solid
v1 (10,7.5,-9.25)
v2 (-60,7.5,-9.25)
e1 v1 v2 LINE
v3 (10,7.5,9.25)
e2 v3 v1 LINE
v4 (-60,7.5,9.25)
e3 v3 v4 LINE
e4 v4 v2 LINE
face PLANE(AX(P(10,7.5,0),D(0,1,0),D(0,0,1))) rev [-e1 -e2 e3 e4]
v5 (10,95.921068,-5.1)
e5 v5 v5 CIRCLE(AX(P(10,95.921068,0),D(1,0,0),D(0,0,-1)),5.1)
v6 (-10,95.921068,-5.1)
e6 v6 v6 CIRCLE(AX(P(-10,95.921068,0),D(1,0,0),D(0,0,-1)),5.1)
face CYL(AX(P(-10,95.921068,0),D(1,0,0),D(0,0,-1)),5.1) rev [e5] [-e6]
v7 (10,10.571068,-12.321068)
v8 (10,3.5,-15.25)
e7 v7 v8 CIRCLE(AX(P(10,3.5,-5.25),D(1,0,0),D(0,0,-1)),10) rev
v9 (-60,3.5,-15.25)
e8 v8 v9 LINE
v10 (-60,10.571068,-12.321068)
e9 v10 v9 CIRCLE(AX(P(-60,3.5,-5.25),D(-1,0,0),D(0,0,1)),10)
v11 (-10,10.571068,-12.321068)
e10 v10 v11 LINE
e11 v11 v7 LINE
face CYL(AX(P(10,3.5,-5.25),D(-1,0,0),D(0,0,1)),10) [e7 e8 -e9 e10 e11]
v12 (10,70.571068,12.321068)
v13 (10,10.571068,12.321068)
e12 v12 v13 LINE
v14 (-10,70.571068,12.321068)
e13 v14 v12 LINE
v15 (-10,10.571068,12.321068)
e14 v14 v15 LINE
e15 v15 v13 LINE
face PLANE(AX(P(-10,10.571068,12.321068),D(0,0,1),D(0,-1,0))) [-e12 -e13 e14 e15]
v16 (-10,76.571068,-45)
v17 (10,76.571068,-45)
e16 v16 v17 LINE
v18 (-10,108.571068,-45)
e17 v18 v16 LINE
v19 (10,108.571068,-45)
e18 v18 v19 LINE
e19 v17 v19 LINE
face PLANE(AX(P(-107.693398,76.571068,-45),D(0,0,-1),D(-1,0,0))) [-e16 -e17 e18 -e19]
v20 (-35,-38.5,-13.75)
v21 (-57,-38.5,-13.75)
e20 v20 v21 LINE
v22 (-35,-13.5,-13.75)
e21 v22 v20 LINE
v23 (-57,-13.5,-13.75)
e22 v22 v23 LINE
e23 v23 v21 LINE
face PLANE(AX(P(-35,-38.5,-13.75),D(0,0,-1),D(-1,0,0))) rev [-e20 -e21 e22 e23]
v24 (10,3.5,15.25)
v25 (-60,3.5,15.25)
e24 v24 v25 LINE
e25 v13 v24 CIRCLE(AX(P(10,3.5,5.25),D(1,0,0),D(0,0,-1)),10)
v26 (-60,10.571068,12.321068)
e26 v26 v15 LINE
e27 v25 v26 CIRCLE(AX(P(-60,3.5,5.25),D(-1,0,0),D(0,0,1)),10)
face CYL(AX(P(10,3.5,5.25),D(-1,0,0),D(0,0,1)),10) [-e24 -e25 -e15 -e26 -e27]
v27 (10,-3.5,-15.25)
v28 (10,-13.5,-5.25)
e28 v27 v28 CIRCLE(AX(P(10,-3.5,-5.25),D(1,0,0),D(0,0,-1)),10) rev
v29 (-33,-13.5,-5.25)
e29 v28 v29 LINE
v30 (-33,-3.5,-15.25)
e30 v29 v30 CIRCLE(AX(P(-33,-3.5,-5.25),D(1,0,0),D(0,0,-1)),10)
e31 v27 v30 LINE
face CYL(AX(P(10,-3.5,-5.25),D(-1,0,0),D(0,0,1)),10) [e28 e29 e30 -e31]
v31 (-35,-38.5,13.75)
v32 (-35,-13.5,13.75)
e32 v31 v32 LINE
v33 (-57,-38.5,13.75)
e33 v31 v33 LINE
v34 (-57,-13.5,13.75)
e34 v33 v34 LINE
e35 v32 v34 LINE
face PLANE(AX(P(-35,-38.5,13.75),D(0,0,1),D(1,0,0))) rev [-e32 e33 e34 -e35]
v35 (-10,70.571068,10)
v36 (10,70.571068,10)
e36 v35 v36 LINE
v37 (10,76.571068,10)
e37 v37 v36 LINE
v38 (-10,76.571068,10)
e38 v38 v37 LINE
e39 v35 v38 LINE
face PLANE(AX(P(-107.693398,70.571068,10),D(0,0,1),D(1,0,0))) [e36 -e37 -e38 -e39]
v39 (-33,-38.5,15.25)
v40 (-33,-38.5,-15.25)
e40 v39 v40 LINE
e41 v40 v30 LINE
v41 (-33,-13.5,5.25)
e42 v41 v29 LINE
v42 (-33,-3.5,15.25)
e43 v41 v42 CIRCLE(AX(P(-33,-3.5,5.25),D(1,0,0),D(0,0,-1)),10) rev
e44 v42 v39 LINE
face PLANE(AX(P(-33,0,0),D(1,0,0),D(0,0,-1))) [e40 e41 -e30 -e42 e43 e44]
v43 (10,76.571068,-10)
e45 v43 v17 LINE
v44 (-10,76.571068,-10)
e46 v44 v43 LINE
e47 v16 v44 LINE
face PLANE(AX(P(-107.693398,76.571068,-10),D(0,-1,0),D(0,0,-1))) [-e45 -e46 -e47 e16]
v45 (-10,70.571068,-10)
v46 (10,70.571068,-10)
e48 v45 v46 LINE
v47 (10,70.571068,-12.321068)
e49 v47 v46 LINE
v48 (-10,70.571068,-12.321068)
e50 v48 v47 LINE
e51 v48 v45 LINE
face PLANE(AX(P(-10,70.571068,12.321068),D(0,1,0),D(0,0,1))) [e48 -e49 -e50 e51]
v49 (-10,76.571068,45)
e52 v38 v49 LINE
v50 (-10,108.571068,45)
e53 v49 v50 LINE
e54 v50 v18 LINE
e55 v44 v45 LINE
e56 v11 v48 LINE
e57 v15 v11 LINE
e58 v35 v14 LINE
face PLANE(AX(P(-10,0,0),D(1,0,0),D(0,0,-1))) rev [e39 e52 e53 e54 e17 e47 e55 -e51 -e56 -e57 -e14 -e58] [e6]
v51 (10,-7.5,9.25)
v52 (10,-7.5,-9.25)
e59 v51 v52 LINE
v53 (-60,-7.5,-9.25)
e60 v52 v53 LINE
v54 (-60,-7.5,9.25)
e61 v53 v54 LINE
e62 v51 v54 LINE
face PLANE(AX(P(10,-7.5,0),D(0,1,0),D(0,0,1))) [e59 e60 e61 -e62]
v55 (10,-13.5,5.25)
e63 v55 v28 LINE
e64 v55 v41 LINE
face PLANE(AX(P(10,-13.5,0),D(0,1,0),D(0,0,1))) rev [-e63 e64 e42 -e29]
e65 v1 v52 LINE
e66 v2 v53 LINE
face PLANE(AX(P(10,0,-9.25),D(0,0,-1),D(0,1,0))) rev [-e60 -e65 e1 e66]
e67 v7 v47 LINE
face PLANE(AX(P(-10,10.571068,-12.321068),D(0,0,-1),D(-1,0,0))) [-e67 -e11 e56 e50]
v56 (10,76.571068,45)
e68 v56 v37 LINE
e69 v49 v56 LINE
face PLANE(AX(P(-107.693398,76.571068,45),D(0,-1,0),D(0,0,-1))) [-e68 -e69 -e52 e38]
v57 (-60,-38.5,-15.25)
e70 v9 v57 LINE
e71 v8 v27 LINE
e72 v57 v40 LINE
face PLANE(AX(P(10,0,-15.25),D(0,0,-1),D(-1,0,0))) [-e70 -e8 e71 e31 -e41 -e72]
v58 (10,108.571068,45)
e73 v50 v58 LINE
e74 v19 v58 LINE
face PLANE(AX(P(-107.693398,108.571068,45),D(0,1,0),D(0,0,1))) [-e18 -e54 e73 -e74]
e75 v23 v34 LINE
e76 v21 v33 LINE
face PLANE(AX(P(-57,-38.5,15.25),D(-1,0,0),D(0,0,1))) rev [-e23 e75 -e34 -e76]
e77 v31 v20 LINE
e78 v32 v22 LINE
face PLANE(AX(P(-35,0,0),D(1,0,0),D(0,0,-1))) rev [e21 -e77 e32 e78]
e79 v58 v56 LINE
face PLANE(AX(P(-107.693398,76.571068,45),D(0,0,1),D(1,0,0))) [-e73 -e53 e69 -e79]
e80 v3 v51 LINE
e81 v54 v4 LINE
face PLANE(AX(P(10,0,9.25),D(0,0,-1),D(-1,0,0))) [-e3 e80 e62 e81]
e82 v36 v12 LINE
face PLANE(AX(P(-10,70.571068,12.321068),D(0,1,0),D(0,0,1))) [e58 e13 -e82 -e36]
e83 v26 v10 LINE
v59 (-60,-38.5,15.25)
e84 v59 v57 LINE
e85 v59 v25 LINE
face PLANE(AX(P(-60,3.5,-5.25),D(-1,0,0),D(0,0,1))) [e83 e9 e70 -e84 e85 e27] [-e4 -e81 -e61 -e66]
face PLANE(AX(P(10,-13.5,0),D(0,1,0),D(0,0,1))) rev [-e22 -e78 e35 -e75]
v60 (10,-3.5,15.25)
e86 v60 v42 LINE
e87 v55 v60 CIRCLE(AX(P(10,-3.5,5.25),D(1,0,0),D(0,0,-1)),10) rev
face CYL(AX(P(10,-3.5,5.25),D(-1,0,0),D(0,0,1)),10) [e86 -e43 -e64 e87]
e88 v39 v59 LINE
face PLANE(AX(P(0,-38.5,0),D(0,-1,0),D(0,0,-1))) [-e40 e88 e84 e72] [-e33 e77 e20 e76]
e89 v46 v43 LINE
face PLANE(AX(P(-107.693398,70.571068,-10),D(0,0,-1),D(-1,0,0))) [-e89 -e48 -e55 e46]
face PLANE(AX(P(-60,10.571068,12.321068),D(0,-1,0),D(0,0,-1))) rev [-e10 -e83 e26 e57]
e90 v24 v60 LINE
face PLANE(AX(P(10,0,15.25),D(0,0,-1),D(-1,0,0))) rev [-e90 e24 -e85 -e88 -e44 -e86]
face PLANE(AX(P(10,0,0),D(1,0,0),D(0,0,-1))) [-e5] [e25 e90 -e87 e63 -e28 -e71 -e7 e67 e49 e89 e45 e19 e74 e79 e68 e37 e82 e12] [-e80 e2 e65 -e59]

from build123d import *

# Parameters (mm, degrees)
SKETCH1_W            = 15
SKETCH1_H            = 18.5
BOSS_EXTRUDE1_DEPTH  = 10
SKETCH3_W            = 60
SKETCH3_H            = 24.642135624
BOSS_EXTRUDE2_DEPTH  = 20
BOSS_EXTRUDE3_DEPTH  = 20
SKETCH5_R            = 5.1
CUT_EXTRUDE1_DEPTH   = 120.21693154
SKETCH6_W            = 15
SKETCH6_H            = 18.5
BOSS_EXTRUDE4_DEPTH  = 50
BOSS_EXTRUDE5_DEPTH  = 25
SKETCH8_W            = 3
SKETCH8_H            = 30.5
BOSS_EXTRUDE6_DEPTH  = 25
SKETCH9_W            = 25
SKETCH9_H            = 1.5
BOSS_EXTRUDE7_DEPTH  = 22
BOSS_EXTRUDE11_START = 2
BOSS_EXTRUDE11_DEPTH = 2


with BuildPart() as part:
    # Sketch1 → Boss-Extrude1 (new, symmetric)
    with BuildSketch(Plane.YZ):
        with BuildLine():
            Line((13.5, 5.25), (13.5, -5.25))
            ThreePointArc((13.5, -5.25), (10.571067812, -12.321067812), (3.5, -15.25))
            Line((3.5, -15.25), (-3.5, -15.25))
            ThreePointArc((-3.5, -15.25), (-10.571067812, -12.321067812), (-13.5, -5.25))
            Line((-13.5, -5.25), (-13.5, 5.25))
            ThreePointArc((-13.5, 5.25), (-10.571067812, 12.321067812), (-3.5, 15.25))
            Line((-3.5, 15.25), (3.5, 15.25))
            ThreePointArc((3.5, 15.25), (10.571067812, 12.321067812), (13.5, 5.25))
        make_face()
        Rectangle(SKETCH1_W, SKETCH1_H, mode=Mode.SUBTRACT)
    extrude(amount=BOSS_EXTRUDE1_DEPTH, both=True)

    # Sketch3 → Boss-Extrude2 (add)
    with BuildSketch(Plane.YZ.offset(10)):
        with Locations((40.571067812, 0)):
            Rectangle(SKETCH3_W, SKETCH3_H)
    extrude(amount=-BOSS_EXTRUDE2_DEPTH)

    # Sketch4 → Boss-Extrude3 (add)
    with BuildSketch(Plane.YZ.offset(10)):
        Polygon((70.571067812, 10), (76.571067812, 10), (76.571067812, 45), (108.571067812, 45), (108.571067812, -45), (76.571067812, -45), (76.571067812, -10), (70.571067812, -10), align=None)
    extrude(amount=-BOSS_EXTRUDE3_DEPTH)

    # Sketch5 → Cut-Extrude1 (cut, through all)
    with BuildSketch(Plane.YZ.offset(10)):
        with Locations(Location((95.921067812, 0, 0), (0, 0, 270))):
            Circle(SKETCH5_R)
    extrude(amount=-CUT_EXTRUDE1_DEPTH, mode=Mode.SUBTRACT)

    # Sketch6 → Boss-Extrude4 (add)
    with BuildSketch(Plane(origin=(-10, 0, 0), x_dir=(0, -1, 0), z_dir=(-1, 0, 0))):
        with BuildLine():
            Line((-10.571067812, 12.321067812), (-10.571067812, -12.321067812))
            ThreePointArc((-10.571067812, -12.321067812), (-7.326834324, -14.488795325), (-3.5, -15.25))
            Line((-3.5, -15.25), (3.5, -15.25))
            ThreePointArc((3.5, -15.25), (10.571067812, -12.321067812), (13.5, -5.25))
            Line((13.5, -5.25), (13.5, 5.25))
            ThreePointArc((13.5, 5.25), (10.571067812, 12.321067812), (3.5, 15.25))
            Line((3.5, 15.25), (-3.5, 15.25))
            ThreePointArc((-3.5, 15.25), (-7.326834324, 14.488795325), (-10.571067812, 12.321067812))
        make_face()
        Rectangle(SKETCH6_W, SKETCH6_H, mode=Mode.SUBTRACT)
    extrude(amount=BOSS_EXTRUDE4_DEPTH)

    # Sketch7 → Boss-Extrude5 (add)
    with BuildSketch(Plane(origin=(-60, 0, 0), x_dir=(0, -1, 0), z_dir=(-1, 0, 0))):
        Polygon((3.5, 15.25), (13.5, 15.25), (13.5, -15.25), (3.5, -15.25), (3.5, -9.25), (7.5, -9.25), (7.5, 9.25), (3.5, 9.25), align=None)
    extrude(amount=-BOSS_EXTRUDE5_DEPTH)

    # Sketch8 → Boss-Extrude6 (add)
    with BuildSketch(Plane.XZ.offset(13.5)):
        with Locations((-58.5, 0)):
            Rectangle(SKETCH8_W, SKETCH8_H)
    extrude(amount=BOSS_EXTRUDE6_DEPTH)

    # Sketch9 → Boss-Extrude7 (add)
    with BuildSketch(Plane.YZ.offset(-57)):
        with Locations((-26, 14.5)):
            Rectangle(SKETCH9_W, SKETCH9_H)
        with Locations((-26, -14.5)):
            Rectangle(SKETCH9_W, SKETCH9_H)
    extrude(amount=BOSS_EXTRUDE7_DEPTH)

    # Sketch10 → Boss-Extrude11 (add)
    with BuildSketch(Plane.YZ.offset(-35).offset(BOSS_EXTRUDE11_START)):
        with BuildLine():
            Line((-3.5, 15.25), (-38.5, 15.25))
            Line((-38.5, 15.25), (-38.5, 13.75))
            Line((-38.5, 13.75), (-13.5, 13.75))
            Line((-13.5, 13.75), (-13.5, 5.25))
            ThreePointArc((-13.5, 5.25), (-10.571067812, 12.321067812), (-3.5, 15.25))
        make_face()
        Polygon((-13.5, 13.75), (-38.5, 13.75), (-38.5, -13.75), (-13.5, -13.75), (-13.5, -5.25), (-13.5, 5.25), align=None)
        with BuildLine():
            Line((-13.5, -13.75), (-38.5, -13.75))
            Line((-38.5, -13.75), (-38.5, -15.25))
            Line((-38.5, -15.25), (-3.5, -15.25))
            ThreePointArc((-3.5, -15.25), (-10.571067812, -12.321067812), (-13.5, -5.25))
            Line((-13.5, -5.25), (-13.5, -13.75))
        make_face()
    extrude(amount=-BOSS_EXTRUDE11_DEPTH)


solid = part.part
